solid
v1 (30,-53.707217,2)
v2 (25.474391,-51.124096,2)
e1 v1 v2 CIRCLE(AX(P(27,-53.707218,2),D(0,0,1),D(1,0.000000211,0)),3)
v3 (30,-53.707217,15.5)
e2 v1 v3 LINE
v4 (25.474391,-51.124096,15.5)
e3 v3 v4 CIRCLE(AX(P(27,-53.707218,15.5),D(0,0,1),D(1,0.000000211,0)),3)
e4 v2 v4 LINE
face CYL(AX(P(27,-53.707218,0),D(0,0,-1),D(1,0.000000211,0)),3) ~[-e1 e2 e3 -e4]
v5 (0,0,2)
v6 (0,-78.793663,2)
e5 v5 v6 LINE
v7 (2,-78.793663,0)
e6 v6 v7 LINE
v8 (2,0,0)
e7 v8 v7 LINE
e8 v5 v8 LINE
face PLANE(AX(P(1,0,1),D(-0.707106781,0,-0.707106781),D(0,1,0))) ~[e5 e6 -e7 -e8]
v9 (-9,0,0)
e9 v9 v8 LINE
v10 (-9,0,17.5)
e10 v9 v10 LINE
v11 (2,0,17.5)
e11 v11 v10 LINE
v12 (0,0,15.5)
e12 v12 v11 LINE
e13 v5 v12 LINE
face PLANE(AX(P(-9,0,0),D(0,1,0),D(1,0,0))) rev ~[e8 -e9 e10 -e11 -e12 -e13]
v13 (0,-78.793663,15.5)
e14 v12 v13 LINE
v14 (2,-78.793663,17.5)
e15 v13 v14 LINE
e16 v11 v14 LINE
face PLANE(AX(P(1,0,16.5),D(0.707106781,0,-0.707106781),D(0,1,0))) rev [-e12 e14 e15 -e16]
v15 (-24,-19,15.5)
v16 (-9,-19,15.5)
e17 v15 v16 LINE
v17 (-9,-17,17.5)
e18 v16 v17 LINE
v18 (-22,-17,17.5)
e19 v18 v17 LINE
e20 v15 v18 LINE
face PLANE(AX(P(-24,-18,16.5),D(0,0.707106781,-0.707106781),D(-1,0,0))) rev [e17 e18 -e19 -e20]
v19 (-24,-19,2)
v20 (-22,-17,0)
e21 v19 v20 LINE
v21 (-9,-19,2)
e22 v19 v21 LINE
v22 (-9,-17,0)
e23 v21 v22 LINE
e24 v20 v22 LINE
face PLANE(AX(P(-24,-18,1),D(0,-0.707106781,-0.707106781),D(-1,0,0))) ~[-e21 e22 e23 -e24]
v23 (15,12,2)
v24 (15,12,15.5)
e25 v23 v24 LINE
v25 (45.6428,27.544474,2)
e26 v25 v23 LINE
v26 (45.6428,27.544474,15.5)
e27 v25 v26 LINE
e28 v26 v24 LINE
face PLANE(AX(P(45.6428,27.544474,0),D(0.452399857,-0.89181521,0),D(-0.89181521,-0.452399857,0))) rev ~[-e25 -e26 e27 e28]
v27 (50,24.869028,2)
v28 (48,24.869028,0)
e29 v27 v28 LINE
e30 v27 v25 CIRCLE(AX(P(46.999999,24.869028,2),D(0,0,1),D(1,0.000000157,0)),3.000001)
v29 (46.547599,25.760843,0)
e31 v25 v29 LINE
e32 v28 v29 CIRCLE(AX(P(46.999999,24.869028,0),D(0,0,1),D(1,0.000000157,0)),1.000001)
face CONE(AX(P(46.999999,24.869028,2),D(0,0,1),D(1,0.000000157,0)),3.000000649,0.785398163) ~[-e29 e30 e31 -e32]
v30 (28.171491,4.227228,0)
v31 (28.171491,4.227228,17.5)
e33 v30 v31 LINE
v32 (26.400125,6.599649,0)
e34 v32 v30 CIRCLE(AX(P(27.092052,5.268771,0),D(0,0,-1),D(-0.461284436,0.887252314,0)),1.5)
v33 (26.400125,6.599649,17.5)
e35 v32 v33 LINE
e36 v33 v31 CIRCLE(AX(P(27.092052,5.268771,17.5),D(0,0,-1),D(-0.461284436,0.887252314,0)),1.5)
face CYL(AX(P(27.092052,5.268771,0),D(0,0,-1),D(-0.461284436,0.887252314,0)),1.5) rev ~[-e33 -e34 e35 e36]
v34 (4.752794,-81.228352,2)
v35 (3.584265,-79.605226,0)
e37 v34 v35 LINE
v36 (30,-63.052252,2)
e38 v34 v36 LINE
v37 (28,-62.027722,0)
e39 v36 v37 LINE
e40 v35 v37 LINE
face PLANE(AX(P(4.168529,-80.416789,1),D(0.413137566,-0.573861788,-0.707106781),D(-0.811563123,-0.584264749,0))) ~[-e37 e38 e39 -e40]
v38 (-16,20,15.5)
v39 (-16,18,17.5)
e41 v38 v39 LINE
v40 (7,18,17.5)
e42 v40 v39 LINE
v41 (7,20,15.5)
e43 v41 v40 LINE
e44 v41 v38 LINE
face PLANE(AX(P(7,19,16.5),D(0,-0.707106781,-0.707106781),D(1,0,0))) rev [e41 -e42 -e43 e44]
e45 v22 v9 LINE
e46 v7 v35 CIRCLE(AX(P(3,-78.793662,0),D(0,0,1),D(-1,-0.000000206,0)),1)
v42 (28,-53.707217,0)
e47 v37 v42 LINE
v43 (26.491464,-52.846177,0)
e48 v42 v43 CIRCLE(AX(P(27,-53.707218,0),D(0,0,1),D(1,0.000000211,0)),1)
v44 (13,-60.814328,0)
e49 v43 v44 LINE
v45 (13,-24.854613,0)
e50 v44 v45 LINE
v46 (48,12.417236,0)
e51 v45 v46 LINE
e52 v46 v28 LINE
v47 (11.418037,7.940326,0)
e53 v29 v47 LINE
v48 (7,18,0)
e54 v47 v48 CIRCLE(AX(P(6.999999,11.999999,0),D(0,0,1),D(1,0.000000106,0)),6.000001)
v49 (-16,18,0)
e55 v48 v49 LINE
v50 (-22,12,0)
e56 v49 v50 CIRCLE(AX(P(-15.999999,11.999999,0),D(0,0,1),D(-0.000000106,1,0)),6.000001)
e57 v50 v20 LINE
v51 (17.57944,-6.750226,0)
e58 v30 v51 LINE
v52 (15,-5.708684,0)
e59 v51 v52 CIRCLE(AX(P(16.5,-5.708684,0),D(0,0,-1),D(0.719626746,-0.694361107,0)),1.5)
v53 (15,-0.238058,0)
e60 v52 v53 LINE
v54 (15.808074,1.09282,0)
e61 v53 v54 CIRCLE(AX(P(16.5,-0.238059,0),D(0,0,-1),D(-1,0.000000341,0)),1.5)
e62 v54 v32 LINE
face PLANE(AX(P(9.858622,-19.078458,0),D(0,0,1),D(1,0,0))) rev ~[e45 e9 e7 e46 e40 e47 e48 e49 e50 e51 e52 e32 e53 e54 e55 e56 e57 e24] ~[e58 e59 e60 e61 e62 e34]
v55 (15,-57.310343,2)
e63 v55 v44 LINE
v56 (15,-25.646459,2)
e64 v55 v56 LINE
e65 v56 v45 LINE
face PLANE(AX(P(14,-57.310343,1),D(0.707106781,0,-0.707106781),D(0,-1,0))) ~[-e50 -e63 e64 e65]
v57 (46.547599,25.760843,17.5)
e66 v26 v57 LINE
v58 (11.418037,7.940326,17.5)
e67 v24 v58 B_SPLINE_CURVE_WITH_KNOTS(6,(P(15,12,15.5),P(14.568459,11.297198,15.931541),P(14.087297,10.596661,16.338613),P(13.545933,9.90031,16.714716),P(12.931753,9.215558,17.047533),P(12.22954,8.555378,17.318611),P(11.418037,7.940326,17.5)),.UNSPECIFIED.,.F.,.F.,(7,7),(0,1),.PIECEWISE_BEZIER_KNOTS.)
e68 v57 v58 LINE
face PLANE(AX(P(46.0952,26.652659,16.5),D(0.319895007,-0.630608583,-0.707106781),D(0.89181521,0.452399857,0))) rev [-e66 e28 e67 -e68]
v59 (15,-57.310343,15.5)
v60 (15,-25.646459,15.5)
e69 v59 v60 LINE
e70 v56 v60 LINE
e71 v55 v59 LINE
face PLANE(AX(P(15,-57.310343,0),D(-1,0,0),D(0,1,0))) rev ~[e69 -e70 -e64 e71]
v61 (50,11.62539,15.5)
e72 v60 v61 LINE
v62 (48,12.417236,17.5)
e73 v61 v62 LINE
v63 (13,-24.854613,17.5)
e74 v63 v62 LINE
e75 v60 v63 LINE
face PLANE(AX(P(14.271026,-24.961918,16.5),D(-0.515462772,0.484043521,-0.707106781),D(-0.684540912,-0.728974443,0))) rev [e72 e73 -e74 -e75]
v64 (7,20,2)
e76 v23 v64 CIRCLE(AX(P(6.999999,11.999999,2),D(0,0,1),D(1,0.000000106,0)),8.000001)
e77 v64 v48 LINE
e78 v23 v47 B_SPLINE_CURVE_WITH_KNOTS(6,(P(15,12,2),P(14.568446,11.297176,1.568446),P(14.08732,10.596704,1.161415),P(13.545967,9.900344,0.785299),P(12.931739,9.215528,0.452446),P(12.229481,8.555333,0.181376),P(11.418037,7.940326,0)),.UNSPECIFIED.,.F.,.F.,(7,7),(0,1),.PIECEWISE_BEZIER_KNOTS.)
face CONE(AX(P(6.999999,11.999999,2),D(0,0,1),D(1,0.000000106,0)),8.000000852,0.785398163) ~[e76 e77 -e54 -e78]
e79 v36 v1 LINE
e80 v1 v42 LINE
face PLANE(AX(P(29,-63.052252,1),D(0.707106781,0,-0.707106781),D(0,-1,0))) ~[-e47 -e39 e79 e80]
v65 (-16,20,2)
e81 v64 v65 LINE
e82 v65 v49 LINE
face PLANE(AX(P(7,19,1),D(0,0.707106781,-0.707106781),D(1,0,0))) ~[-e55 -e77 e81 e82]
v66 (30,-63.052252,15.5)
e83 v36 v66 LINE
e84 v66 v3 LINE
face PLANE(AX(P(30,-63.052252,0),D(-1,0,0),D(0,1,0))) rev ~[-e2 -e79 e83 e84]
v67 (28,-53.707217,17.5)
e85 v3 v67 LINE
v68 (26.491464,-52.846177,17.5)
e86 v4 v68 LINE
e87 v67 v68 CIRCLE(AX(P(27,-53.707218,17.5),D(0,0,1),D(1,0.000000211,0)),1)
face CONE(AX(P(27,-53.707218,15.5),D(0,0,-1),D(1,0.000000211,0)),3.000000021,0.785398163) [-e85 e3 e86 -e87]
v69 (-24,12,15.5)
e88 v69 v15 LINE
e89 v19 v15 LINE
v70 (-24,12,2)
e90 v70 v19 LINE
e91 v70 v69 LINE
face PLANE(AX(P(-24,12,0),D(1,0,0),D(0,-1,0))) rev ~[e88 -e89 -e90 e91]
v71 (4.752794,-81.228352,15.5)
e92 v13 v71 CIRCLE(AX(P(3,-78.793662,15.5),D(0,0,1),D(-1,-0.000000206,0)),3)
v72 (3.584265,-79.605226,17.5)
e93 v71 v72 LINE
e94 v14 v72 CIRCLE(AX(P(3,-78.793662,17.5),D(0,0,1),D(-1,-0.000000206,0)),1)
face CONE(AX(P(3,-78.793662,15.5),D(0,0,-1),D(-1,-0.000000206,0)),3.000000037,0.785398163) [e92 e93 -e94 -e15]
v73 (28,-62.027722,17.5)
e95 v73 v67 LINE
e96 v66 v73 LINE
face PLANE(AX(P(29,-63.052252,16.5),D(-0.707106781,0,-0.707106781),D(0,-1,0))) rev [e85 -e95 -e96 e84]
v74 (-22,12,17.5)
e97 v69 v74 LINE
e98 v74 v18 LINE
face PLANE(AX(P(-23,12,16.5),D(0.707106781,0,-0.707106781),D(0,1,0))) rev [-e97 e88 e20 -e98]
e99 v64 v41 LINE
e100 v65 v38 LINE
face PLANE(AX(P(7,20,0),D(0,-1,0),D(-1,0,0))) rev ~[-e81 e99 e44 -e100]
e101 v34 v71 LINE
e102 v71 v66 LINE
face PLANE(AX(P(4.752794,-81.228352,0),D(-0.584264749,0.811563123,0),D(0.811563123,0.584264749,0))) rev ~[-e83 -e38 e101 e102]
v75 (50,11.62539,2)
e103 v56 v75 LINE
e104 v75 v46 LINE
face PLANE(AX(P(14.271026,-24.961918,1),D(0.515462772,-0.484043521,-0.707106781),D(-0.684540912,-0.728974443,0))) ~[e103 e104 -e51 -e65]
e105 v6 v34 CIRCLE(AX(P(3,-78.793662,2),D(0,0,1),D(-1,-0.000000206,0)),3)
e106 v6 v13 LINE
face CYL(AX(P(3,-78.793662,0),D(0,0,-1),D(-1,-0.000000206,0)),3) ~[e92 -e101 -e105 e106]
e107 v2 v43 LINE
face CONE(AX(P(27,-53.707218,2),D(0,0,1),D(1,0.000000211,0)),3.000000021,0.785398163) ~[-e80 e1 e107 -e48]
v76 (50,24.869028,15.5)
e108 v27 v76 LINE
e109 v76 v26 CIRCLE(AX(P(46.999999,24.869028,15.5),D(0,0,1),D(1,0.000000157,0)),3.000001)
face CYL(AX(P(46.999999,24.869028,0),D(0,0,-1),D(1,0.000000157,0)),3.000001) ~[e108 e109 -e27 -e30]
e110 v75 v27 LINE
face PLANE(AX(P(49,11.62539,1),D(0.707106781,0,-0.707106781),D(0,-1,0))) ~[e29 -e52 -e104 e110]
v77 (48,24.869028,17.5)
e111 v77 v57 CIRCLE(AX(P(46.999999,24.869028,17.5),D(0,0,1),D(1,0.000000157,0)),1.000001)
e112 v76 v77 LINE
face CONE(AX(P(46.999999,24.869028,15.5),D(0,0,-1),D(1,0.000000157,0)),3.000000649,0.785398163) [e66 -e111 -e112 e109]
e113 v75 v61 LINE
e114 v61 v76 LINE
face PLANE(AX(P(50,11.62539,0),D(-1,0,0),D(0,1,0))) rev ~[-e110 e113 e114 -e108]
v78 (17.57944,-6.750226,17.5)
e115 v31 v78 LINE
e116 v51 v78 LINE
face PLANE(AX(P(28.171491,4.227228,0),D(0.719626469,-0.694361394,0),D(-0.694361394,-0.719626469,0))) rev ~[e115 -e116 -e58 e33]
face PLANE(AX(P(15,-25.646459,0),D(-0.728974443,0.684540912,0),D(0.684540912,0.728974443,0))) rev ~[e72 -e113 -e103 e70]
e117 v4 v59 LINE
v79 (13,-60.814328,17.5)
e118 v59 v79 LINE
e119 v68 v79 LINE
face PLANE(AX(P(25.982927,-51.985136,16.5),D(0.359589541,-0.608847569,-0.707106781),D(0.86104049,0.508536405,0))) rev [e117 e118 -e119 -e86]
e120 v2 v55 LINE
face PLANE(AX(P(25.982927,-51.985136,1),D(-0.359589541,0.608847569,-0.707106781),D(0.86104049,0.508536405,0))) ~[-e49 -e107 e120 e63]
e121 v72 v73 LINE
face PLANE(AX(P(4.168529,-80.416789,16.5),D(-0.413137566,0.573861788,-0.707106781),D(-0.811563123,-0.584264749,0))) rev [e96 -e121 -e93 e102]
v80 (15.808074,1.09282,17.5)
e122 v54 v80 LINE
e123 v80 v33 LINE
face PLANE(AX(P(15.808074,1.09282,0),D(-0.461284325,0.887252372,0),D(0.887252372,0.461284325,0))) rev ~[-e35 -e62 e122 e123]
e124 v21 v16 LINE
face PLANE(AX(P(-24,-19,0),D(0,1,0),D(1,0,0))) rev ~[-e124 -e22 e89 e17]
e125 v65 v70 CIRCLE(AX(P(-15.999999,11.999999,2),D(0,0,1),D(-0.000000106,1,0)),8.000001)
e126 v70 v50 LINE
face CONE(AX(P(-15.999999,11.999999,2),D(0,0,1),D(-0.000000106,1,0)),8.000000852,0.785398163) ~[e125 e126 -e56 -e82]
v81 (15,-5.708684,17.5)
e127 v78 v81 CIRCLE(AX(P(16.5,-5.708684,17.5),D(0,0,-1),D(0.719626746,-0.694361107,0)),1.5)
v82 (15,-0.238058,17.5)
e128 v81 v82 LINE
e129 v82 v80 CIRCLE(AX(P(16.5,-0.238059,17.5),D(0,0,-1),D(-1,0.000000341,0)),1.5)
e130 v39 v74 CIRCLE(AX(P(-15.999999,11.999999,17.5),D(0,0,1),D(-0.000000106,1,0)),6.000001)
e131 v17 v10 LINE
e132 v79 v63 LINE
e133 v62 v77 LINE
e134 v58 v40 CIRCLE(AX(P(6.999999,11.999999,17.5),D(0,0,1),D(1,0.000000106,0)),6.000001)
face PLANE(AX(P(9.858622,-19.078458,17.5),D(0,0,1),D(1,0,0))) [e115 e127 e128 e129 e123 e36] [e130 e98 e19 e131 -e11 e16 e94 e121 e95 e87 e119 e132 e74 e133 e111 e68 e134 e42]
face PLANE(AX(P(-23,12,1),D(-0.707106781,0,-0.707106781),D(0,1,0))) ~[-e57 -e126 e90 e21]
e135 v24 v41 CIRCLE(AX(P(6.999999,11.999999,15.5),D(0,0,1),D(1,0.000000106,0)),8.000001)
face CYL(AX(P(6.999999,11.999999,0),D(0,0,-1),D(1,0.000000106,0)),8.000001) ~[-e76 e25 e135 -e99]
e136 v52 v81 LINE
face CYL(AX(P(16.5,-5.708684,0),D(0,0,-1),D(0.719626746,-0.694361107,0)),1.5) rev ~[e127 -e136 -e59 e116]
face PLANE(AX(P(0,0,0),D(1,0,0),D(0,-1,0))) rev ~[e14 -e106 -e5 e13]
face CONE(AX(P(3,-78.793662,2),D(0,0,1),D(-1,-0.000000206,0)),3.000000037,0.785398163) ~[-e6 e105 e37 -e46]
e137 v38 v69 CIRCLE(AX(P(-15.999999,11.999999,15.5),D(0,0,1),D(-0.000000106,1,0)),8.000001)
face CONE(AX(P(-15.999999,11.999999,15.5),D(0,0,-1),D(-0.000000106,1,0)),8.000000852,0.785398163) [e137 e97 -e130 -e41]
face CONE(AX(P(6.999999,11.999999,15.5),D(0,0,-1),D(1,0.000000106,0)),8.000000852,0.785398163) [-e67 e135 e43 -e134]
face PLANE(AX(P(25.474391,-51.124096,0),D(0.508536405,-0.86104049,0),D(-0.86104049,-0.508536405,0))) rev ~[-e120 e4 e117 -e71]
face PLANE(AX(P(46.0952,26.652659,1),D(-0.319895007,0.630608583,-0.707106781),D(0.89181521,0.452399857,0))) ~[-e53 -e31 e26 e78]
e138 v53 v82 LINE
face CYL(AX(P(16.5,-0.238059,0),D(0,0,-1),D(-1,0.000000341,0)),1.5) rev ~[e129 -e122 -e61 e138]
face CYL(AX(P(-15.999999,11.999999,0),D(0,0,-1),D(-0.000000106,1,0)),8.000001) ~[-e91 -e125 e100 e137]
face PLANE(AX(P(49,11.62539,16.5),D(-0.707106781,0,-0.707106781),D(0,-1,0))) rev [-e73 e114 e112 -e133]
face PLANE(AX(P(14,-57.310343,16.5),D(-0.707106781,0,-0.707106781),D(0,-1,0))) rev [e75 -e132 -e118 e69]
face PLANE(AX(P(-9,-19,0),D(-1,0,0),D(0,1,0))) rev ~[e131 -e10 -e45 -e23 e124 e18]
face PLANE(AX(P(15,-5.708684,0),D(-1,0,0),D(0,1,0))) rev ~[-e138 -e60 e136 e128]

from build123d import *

# Parameters (mm, degrees)
F1_DEPTH = 17.5
F2_SIZE  = 2


with BuildPart() as f1:
    # F0 (on Top) → F1 (new body)
    with BuildSketch(Plane.XY):
        with BuildLine():
            Line((-9, 0), (0, 0))
            Line((0, 0), (0, -74.063597))
            Line((0, -74.063597), (0, -78.793663))
            ThreePointArc((0, -78.793663), (1.632225, -81.463717), (4.752794, -81.228352))
            Line((4.752794, -81.228352), (30, -63.052252))
            Line((30, -63.052252), (30, -53.707217))
            ThreePointArc((30, -53.707217), (28.48714, -51.101759), (25.474391, -51.124096))
            Line((25.474391, -51.124096), (15, -57.310343))
            Line((15, -57.310343), (15, -25.646459))
            Line((15, -25.646459), (50, 11.62539))
            Line((50, 11.62539), (50, 24.869028))
            ThreePointArc((50, 24.869028), (48.569777, 27.425549), (45.6428, 27.544474))
            Line((45.6428, 27.544474), (15, 12))
            ThreePointArc((15, 12), (12.656854, 17.656854), (7, 20))
            Line((7, 20), (-16, 20))
            ThreePointArc((-16, 20), (-21.656854, 17.656854), (-24, 12))
            Line((-24, 12), (-24, -19))
            Line((-24, -19), (-9, -19))
            Line((-9, -19), (-9, 0))
        make_face()
        with BuildLine():
            Line((15, -5.708684), (15, -0.238058))
            ThreePointArc((15, -0.238058), (15.217836, 0.540437), (15.808074, 1.09282))
            Line((15.808074, 1.09282), (26.400125, 6.599649))
            ThreePointArc((26.400125, 6.599649), (28.293982, 6.166191), (28.171491, 4.227228))
            Line((28.171491, 4.227228), (17.57944, -6.750226))
            ThreePointArc((17.57944, -6.750226), (15.938377, -7.099576), (15, -5.708684))
        make_face(mode=Mode.SUBTRACT)
    extrude(amount=F1_DEPTH)

    # F2
    f2_edges = [f1.edges().sort_by_distance(p)[0] for p in [
        (30.3214, 19.772237, 17.5),
        (32.5, -7.010534, 17.5),
        (50, 18.247209, 17.5),
        (15, -41.478401, 17.5),
        (20.237195, -54.217219, 17.5),
        (17.376397, -72.140302, 17.5),
        (-4.5, 20, 17.5),
        (12.656854, 17.656854, 17.5),
        (-16.5, -19, 17.5),
        (0, -39.396831, 17.5),
        (30, -58.379734, 0),
        (28.48714, -51.101759, 0),
        (15, -41.478401, 0),
        (32.5, -7.010534, 0),
        (50, 18.247209, 0),
        (30.3214, 19.772237, 0),
        (12.656854, 17.656854, 0),
        (-4.5, 20, 0),
        (-24, -3.5, 0),
        (-16.5, -19, 0),
        (17.376397, -72.140302, 0),
    ]]
    chamfer(f2_edges, length=F2_SIZE)


solid = f1.part
